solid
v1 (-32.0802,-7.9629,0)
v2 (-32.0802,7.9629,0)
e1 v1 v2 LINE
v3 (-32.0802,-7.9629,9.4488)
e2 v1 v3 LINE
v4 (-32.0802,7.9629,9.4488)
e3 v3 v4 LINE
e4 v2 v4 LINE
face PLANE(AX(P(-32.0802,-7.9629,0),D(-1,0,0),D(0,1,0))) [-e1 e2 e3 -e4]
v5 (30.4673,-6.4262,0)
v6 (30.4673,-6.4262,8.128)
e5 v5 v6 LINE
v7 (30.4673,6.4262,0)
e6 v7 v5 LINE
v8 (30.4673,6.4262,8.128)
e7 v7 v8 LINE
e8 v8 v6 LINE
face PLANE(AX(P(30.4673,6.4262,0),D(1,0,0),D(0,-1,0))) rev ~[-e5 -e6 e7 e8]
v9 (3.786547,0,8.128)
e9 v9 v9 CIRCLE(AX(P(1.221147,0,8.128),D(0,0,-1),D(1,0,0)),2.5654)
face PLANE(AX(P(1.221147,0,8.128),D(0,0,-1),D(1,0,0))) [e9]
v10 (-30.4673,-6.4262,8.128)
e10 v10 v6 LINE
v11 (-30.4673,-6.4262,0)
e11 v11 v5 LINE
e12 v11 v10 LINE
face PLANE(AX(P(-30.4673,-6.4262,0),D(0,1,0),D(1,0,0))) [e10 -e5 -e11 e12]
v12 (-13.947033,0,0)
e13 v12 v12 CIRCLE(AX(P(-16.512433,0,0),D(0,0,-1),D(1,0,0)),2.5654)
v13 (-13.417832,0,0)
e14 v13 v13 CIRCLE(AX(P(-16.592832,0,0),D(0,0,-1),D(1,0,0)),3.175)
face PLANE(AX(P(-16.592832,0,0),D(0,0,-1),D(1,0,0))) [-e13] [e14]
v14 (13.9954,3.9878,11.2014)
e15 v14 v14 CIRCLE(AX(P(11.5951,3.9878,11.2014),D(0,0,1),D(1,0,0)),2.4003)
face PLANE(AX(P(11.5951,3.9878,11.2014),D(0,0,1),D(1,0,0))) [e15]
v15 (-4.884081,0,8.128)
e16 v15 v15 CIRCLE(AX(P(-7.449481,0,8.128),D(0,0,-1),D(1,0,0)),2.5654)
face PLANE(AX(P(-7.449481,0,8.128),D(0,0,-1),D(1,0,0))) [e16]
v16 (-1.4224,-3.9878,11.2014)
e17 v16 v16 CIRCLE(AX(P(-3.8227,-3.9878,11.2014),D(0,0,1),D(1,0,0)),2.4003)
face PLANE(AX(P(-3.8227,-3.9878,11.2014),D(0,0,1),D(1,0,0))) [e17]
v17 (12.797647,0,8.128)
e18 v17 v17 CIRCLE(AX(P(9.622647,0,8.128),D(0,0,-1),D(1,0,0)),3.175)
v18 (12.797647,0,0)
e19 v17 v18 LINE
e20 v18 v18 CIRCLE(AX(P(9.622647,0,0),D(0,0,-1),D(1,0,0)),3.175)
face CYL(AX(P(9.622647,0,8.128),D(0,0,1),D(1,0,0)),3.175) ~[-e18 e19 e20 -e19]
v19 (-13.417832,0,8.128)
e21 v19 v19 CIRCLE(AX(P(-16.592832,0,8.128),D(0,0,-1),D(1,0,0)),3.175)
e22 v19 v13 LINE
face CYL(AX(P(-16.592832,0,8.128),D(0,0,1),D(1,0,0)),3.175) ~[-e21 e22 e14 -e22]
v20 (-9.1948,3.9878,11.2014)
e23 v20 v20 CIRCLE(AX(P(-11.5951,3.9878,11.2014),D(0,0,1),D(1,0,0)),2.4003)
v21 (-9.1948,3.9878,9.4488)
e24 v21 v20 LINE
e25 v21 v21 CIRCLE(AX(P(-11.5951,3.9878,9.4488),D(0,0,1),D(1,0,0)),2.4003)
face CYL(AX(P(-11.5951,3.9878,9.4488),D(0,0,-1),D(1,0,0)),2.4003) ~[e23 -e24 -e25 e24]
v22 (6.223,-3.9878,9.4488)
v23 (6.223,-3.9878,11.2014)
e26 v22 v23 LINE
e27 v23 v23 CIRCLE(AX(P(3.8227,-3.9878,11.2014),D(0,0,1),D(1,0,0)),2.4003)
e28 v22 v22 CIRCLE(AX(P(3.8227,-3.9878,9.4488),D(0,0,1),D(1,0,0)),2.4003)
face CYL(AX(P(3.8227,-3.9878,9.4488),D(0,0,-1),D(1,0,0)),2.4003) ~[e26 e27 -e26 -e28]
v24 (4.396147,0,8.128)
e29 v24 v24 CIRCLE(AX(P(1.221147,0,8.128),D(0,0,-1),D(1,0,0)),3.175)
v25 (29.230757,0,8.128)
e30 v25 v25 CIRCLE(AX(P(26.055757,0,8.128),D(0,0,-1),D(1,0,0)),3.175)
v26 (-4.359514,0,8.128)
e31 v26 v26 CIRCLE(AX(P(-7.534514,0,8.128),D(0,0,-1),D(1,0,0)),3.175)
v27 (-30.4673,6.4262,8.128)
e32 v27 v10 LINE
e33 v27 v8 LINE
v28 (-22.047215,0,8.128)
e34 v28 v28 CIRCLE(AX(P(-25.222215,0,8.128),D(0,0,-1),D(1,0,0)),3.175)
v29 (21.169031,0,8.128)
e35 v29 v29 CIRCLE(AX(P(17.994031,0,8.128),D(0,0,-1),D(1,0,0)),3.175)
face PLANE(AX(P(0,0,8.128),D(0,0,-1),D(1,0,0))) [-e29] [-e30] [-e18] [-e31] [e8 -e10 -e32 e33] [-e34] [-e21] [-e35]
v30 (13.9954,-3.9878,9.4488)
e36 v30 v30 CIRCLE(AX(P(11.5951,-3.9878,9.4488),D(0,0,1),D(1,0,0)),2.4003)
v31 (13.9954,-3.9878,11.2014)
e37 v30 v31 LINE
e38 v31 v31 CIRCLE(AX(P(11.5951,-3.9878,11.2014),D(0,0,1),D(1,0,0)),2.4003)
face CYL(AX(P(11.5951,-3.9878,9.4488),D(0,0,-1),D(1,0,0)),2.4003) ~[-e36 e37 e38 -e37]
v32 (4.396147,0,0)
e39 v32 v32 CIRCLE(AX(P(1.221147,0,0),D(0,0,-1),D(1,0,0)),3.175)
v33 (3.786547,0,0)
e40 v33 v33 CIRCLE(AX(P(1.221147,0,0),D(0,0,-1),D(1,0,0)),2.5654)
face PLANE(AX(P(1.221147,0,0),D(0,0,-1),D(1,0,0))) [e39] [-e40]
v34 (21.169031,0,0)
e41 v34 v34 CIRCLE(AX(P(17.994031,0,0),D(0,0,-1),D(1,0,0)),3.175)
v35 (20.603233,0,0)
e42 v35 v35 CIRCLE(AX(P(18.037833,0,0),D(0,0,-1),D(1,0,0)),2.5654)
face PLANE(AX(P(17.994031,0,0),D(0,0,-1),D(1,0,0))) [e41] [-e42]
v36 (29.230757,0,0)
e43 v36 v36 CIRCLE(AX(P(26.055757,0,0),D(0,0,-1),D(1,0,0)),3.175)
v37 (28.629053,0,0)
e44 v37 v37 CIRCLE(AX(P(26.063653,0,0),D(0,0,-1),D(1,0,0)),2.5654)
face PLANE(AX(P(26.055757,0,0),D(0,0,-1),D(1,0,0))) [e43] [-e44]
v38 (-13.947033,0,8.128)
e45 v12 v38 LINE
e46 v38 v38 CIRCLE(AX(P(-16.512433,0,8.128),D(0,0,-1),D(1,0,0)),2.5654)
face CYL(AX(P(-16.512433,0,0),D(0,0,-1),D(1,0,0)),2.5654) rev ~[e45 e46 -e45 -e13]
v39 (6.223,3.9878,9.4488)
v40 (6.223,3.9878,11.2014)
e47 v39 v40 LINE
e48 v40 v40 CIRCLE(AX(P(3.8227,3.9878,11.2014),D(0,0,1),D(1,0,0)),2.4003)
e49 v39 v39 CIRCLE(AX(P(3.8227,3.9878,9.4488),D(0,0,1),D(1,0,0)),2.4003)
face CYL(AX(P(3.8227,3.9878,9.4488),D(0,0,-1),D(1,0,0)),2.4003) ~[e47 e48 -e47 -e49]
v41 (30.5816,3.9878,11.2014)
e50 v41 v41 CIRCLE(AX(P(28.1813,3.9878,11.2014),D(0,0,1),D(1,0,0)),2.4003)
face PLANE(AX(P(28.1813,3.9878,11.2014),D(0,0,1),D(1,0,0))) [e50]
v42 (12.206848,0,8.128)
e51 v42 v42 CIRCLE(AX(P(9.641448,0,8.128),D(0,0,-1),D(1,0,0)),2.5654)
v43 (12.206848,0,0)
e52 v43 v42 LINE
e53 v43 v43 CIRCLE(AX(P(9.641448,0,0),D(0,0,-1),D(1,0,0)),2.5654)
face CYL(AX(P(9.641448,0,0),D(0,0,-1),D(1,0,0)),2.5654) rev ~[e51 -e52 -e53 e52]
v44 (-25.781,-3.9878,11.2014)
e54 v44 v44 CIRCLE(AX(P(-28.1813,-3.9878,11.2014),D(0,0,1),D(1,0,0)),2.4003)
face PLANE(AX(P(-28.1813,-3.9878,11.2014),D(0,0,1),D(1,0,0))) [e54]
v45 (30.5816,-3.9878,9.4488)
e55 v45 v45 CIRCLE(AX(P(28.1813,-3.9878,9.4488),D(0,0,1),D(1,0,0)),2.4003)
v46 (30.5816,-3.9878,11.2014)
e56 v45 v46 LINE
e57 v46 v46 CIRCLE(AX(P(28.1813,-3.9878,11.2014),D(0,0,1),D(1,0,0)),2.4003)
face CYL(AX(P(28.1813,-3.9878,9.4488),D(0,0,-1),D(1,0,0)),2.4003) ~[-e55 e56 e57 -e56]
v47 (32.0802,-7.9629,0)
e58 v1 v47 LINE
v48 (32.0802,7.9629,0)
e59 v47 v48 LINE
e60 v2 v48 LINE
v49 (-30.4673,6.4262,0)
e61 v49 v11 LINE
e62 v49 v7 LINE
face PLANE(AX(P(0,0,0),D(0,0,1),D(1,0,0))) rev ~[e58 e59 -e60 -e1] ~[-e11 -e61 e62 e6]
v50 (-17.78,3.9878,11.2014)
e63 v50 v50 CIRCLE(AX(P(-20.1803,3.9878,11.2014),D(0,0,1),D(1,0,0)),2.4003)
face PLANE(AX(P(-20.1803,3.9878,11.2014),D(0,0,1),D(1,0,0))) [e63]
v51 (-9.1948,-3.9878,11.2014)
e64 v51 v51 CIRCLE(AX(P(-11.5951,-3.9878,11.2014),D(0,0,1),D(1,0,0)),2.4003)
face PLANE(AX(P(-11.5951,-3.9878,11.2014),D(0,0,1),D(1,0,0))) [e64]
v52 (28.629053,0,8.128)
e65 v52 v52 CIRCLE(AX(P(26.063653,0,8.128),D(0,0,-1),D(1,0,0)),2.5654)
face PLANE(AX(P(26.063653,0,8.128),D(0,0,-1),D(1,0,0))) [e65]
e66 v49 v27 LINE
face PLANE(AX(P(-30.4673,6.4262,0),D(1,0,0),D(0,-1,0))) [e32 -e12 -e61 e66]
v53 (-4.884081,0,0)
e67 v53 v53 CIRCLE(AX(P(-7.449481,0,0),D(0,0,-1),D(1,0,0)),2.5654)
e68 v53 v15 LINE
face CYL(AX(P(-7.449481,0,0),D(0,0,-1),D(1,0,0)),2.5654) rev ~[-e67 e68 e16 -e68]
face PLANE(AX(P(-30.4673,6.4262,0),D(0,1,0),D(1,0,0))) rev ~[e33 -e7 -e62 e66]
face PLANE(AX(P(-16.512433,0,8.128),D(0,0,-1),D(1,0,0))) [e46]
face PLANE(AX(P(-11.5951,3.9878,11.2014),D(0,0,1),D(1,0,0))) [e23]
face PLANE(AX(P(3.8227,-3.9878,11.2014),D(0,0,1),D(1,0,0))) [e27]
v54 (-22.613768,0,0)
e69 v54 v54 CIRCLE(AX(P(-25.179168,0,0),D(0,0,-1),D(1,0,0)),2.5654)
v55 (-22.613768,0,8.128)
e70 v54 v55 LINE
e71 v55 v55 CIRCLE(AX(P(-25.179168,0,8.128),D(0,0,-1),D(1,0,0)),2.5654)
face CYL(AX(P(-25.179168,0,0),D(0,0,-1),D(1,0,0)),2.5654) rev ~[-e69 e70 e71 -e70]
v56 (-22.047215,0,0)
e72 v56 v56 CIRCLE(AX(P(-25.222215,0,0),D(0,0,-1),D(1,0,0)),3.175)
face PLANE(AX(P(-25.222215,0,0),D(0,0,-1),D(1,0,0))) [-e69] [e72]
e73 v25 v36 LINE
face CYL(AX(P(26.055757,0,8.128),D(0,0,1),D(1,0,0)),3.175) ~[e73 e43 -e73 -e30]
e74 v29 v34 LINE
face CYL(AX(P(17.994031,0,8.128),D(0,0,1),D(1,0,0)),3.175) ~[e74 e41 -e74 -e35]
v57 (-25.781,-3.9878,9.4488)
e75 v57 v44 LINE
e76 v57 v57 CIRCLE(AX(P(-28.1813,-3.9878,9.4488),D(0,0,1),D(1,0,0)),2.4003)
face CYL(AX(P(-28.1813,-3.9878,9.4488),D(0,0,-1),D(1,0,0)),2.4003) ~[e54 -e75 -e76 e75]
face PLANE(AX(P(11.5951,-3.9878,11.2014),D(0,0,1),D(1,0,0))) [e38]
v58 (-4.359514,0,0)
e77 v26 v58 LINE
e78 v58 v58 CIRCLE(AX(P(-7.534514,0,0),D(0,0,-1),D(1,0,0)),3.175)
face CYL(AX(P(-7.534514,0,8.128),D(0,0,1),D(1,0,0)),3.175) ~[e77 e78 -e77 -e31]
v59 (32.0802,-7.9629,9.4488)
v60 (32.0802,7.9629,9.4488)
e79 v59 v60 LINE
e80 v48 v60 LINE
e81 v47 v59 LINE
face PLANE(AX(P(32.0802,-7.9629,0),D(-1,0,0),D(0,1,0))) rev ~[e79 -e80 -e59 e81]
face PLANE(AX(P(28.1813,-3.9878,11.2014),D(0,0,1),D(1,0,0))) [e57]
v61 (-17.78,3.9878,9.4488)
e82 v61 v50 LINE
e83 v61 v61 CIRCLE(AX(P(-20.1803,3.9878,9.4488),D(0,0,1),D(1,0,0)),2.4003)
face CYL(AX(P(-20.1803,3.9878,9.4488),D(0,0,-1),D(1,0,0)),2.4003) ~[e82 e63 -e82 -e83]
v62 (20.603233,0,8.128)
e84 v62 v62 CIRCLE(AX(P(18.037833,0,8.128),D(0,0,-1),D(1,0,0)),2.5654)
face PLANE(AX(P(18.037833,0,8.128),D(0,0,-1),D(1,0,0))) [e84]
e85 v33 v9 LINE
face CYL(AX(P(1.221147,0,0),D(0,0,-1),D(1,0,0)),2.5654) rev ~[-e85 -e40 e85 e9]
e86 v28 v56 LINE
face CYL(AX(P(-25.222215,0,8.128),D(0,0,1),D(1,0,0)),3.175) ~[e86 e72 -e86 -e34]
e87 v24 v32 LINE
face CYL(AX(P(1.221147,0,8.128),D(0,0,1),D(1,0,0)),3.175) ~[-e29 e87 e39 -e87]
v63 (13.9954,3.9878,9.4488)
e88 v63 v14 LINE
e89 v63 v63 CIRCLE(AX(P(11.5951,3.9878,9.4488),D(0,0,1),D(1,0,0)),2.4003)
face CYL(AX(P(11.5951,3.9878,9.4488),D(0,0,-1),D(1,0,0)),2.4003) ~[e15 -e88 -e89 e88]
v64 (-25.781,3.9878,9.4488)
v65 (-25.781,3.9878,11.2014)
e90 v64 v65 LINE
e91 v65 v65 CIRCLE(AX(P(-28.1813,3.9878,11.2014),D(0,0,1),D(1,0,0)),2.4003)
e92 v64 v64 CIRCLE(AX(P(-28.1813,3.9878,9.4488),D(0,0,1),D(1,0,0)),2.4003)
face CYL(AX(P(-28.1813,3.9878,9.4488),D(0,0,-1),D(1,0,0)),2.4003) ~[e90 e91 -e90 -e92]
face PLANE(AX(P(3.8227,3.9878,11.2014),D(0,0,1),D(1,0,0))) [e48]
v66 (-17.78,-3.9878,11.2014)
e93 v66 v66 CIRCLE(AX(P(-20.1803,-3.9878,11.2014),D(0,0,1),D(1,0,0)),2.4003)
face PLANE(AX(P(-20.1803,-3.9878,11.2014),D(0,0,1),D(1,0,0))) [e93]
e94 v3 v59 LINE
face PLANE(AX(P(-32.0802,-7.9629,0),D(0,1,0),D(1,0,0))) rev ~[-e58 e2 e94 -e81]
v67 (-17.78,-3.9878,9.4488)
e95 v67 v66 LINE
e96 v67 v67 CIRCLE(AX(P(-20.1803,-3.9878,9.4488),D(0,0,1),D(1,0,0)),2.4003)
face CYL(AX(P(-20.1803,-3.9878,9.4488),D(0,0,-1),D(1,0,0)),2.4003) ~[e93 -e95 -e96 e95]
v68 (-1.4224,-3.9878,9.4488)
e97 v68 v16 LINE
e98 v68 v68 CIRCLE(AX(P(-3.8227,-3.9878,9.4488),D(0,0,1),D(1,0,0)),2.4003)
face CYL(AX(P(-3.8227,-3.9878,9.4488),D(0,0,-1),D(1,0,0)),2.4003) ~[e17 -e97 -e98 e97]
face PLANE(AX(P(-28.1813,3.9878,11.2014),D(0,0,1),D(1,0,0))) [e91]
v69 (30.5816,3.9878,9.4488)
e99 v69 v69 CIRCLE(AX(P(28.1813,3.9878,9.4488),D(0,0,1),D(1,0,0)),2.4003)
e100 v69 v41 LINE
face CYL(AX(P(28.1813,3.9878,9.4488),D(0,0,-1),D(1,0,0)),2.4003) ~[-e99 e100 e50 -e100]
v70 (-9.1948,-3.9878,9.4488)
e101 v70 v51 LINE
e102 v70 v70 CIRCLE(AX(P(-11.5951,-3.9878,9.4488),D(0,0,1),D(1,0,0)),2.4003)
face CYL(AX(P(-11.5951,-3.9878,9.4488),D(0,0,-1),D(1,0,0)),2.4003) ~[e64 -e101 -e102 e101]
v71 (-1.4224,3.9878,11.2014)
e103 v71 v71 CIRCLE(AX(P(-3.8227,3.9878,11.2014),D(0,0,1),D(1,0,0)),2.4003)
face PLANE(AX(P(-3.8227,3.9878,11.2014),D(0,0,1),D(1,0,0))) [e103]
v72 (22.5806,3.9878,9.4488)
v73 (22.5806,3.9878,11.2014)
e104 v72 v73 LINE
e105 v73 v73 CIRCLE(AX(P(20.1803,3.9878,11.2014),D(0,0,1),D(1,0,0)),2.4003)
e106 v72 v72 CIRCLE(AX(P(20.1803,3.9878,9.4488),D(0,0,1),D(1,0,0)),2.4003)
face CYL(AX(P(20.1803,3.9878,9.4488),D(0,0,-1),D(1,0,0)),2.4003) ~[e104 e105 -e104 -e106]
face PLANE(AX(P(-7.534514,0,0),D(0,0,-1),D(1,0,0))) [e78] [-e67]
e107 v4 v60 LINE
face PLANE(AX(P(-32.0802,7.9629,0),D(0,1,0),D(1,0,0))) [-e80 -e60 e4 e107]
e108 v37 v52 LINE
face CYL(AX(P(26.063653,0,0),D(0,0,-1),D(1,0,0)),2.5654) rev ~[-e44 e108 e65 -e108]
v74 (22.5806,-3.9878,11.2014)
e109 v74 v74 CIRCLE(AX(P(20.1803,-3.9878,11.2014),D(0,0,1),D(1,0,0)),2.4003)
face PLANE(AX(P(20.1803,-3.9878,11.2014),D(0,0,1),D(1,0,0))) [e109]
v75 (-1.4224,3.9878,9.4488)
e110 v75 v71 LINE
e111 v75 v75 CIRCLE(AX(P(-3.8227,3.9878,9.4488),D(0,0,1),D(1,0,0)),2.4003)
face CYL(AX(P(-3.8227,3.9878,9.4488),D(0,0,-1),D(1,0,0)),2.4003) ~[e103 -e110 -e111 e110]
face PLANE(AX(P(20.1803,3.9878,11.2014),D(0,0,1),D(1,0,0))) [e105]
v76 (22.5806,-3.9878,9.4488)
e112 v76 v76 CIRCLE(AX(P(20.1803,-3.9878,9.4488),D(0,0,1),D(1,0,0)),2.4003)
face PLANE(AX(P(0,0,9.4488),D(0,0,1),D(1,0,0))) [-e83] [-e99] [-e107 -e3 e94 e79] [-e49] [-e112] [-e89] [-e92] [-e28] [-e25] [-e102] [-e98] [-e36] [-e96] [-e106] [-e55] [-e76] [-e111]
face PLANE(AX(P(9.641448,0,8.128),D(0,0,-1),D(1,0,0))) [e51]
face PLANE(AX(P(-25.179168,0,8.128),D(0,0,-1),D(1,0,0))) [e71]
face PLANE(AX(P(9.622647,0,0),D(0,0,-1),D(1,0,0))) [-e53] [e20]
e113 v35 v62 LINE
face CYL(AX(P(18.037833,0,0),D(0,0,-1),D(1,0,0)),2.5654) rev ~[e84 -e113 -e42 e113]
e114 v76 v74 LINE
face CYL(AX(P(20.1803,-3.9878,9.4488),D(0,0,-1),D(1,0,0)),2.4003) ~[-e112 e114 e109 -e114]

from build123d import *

# Parameters (mm, degrees)
F0_W     = 64.1604
F0_H     = 15.9258
F1_DEPTH = 9.4488
F2_R     = 2.4003
F3_DEPTH = 1.7526
F4_W     = 60.9346
F4_H     = 12.8524
F5_DEPTH = 8.128
F6_R     = 3.175
F7_DEPTH = 8.128
F8_R     = 2.5654
F9_DEPTH = 8.128


with BuildPart() as f1:
    # F0 (on Top) → F1 (new body)
    with BuildSketch(Plane.XY):
        Rectangle(F0_W, F0_H)
    extrude(amount=F1_DEPTH)

    # F2 (on face) → F3 (join)
    with BuildSketch(Plane.XY.offset(9.4488)):
        with Locations((-28.1813, -3.9878)):
            Circle(F2_R)
        with Locations((-20.1803, -3.9878)):
            Circle(F2_R)
        with Locations((-11.5951, -3.9878)):
            Circle(F2_R)
        with Locations((-3.8227, -3.9878)):
            Circle(F2_R)
        with Locations((3.8227, -3.9878)):
            Circle(F2_R)
        with Locations((11.5951, -3.9878)):
            Circle(F2_R)
        with Locations((20.1803, -3.9878)):
            Circle(F2_R)
        with Locations((28.1813, -3.9878)):
            Circle(F2_R)
        with Locations((28.1813, 3.9878)):
            Circle(F2_R)
        with Locations((20.1803, 3.9878)):
            Circle(F2_R)
        with Locations((11.5951, 3.9878)):
            Circle(F2_R)
        with Locations((3.8227, 3.9878)):
            Circle(F2_R)
        with Locations((-3.8227, 3.9878)):
            Circle(F2_R)
        with Locations((-11.5951, 3.9878)):
            Circle(F2_R)
        with Locations((-20.1803, 3.9878)):
            Circle(F2_R)
        with Locations((-28.1813, 3.9878)):
            Circle(F2_R)
    extrude(amount=F3_DEPTH)

    # F4 (on face) → F5 (cut)
    with BuildSketch(Plane(origin=(0, 0, 0), x_dir=(1, 0, 0), z_dir=(0, 0, -1))):
        Rectangle(F4_W, F4_H)
    extrude(amount=-F5_DEPTH, mode=Mode.SUBTRACT)

    # F6 (on face) → F7 (join)
    with BuildSketch(Plane(origin=(0, 0, 8.128), x_dir=(1, 0, 0), z_dir=(0, 0, -1))):
        with Locations((-25.222215, 0)):
            Circle(F6_R)
        with Locations((-16.592832, 0)):
            Circle(F6_R)
        with Locations((-7.534514, 0)):
            Circle(F6_R)
        with Locations((1.221147, 0)):
            Circle(F6_R)
        with Locations((9.622647, 0)):
            Circle(F6_R)
        with Locations((17.994031, 0)):
            Circle(F6_R)
        with Locations((26.055757, 0)):
            Circle(F6_R)
    extrude(amount=F7_DEPTH)

    # F8 (on face) → F9 (cut)
    with BuildSketch(Plane(origin=(0, 0, 0), x_dir=(1, 0, 0), z_dir=(0, 0, -1))):
        with Locations((-25.179168, 0)):
            Circle(F8_R)
        with Locations((-16.512433, 0)):
            Circle(F8_R)
        with Locations((-7.449481, 0)):
            Circle(F8_R)
        with Locations((1.221147, 0)):
            Circle(F8_R)
        with Locations((9.641448, 0)):
            Circle(F8_R)
        with Locations((18.037833, 0)):
            Circle(F8_R)
        with Locations((26.063653, 0)):
            Circle(F8_R)
    extrude(amount=-F9_DEPTH, mode=Mode.SUBTRACT)


solid = f1.part
